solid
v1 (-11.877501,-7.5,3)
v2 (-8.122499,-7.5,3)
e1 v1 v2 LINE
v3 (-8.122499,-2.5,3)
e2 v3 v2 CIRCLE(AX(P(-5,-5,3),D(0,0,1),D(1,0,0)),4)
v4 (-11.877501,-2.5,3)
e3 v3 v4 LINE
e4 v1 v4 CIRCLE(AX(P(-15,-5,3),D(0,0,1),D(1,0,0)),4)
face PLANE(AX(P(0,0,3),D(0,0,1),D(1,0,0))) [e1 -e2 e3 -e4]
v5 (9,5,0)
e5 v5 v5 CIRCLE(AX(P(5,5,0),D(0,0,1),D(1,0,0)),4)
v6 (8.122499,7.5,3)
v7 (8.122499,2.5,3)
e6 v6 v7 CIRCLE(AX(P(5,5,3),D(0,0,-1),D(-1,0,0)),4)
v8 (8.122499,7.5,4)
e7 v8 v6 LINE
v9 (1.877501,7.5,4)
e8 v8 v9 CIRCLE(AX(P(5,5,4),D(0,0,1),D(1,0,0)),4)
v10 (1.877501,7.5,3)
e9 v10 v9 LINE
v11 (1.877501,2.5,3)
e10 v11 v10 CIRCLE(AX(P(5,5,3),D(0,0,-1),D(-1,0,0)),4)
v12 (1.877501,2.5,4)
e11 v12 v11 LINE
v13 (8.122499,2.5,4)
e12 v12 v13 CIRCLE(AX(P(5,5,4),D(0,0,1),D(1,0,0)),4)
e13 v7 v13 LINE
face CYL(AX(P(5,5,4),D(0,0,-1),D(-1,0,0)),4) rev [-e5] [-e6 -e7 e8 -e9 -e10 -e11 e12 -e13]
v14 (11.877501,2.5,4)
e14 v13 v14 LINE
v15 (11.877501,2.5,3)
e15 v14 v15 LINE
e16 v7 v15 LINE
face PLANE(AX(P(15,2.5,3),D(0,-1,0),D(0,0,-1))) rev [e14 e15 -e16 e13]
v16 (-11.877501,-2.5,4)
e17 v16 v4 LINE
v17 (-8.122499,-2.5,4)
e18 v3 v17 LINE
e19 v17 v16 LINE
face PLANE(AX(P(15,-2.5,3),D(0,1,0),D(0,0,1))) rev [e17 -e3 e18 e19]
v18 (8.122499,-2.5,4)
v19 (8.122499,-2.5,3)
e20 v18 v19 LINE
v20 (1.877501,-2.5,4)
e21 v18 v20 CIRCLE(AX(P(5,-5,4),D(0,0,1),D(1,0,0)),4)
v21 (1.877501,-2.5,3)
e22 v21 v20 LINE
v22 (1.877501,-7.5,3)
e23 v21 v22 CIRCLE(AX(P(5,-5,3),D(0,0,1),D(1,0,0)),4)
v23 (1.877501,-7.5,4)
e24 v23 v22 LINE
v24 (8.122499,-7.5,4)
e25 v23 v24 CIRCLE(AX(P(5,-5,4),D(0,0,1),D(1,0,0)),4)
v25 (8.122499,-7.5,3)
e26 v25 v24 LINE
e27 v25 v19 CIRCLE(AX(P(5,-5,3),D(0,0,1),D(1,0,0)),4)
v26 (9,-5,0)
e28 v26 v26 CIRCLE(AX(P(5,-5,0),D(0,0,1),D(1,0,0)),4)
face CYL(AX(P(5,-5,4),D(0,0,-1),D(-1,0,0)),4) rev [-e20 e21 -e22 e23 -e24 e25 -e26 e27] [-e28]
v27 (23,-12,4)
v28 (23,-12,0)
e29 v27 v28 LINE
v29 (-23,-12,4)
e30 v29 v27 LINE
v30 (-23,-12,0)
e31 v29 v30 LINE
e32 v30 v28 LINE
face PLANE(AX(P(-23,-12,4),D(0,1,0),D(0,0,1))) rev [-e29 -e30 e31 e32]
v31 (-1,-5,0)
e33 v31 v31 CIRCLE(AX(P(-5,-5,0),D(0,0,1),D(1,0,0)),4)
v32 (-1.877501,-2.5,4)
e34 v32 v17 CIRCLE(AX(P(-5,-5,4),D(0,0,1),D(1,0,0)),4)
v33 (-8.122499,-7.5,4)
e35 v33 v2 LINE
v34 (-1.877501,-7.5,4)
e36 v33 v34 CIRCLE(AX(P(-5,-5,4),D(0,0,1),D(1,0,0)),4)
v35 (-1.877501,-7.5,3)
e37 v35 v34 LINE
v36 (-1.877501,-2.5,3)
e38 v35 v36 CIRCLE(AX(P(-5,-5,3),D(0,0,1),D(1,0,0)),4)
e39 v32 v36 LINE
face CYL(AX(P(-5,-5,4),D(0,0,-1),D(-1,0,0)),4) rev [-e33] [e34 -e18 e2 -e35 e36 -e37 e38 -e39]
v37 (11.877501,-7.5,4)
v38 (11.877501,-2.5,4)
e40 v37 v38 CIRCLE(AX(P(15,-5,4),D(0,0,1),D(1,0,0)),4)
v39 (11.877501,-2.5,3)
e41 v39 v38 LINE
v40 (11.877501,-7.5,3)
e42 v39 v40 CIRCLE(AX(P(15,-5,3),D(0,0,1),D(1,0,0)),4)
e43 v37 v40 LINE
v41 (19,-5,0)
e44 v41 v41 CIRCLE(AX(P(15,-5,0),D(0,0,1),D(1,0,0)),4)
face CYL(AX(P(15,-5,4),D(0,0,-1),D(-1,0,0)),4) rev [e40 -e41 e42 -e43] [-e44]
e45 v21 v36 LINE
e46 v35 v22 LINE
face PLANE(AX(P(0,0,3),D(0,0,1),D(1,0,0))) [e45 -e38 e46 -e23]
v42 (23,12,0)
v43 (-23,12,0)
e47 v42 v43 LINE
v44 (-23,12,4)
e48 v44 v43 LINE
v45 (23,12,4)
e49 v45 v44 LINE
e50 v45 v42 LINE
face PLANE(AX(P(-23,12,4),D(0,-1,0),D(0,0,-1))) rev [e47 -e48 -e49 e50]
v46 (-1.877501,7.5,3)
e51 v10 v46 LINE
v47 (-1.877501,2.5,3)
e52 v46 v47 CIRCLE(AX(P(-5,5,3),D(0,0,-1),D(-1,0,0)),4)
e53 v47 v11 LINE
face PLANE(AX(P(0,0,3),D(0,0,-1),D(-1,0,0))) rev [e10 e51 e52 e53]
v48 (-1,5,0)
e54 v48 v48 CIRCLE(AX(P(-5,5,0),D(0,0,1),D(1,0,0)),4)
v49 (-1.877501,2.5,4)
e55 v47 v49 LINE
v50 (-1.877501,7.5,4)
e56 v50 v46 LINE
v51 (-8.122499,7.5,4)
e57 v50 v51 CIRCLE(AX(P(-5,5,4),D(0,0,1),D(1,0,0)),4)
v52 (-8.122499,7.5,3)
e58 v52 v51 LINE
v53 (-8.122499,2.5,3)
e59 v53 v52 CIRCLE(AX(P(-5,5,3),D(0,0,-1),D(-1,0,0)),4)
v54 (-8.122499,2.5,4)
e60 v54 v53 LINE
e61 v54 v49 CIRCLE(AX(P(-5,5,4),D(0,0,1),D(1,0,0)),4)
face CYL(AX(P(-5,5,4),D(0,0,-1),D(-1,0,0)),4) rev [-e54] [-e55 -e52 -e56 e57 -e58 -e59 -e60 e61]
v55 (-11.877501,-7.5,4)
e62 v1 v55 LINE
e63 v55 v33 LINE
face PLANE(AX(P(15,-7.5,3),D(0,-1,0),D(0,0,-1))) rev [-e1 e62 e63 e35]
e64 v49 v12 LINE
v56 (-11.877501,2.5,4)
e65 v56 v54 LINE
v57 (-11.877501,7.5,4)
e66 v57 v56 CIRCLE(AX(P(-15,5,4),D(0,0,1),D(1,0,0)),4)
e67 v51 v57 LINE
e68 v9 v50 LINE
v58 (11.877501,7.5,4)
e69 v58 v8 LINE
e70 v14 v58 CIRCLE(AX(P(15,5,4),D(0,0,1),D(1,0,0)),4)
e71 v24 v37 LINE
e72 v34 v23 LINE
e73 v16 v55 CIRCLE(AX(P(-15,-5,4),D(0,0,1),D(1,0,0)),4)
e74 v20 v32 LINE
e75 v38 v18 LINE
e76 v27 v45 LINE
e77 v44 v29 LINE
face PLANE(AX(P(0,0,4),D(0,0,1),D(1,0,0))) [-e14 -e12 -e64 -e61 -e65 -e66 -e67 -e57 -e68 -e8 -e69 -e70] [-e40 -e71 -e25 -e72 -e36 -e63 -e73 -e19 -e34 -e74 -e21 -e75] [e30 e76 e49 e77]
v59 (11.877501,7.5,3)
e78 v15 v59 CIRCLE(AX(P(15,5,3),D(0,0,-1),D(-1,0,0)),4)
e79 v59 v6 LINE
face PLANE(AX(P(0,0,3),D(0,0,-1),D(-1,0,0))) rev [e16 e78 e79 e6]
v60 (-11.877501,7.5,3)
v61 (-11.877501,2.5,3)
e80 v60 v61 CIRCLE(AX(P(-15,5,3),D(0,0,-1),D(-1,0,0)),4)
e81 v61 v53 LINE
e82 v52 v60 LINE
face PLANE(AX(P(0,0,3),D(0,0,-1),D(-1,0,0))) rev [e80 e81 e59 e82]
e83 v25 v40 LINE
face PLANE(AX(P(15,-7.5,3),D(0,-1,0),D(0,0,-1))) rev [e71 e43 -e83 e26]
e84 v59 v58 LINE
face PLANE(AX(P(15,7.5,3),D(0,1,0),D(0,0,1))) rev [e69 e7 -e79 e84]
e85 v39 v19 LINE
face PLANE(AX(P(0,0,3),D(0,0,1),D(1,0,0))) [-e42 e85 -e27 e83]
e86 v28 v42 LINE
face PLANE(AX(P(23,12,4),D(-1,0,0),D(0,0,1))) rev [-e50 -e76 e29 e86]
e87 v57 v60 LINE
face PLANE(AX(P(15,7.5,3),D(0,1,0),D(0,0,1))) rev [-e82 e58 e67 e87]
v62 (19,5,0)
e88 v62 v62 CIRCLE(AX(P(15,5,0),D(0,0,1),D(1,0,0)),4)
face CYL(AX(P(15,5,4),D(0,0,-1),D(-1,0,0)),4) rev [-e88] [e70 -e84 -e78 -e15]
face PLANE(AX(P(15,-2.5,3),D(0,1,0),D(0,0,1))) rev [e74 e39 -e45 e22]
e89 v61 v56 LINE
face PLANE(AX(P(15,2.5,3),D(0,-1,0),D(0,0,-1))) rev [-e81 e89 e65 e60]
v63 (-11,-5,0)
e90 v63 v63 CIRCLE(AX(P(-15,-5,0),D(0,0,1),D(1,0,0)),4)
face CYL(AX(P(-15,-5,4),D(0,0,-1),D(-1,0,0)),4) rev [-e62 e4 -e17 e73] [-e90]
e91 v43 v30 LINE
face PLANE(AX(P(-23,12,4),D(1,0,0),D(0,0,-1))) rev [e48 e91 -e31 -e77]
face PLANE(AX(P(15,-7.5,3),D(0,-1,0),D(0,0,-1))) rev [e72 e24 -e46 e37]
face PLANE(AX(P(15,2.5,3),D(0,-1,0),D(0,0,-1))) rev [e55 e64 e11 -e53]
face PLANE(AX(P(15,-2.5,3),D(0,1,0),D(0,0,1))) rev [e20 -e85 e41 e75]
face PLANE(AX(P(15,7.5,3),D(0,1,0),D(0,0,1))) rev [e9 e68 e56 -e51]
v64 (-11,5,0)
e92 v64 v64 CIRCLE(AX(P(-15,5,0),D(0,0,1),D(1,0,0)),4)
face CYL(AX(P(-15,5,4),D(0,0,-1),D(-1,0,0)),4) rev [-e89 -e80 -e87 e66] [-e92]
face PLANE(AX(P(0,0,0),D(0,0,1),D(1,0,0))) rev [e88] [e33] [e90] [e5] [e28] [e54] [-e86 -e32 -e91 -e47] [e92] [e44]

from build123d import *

# Parameters (mm, degrees)
SKICA1_W                 = 46
SKICA1_H                 = 24
SKICA1_R                 = 4
P_IDAT_VYSUNUT_M1_DEPTH  = 4
SKICA2_W                 = 30
SKICA2_H                 = 5
ODEBRAT_VYSUNUT_M1_DEPTH = 1


with BuildPart() as part:
    # Skica1 → Přidat vysunutím1 (new body)
    with BuildSketch(Plane.XY):
        Rectangle(SKICA1_W, SKICA1_H)
        with Locations((-15, -5)):
            Circle(SKICA1_R, mode=Mode.SUBTRACT)
        with Locations((-5, -5)):
            Circle(SKICA1_R, mode=Mode.SUBTRACT)
        with Locations((5, -5)):
            Circle(SKICA1_R, mode=Mode.SUBTRACT)
        with Locations((15, -5)):
            Circle(SKICA1_R, mode=Mode.SUBTRACT)
        with Locations((-5, 5)):
            Circle(SKICA1_R, mode=Mode.SUBTRACT)
        with Locations((5, 5)):
            Circle(SKICA1_R, mode=Mode.SUBTRACT)
        with Locations((15, 5)):
            Circle(SKICA1_R, mode=Mode.SUBTRACT)
        with Locations((-15, 5)):
            Circle(SKICA1_R, mode=Mode.SUBTRACT)
    extrude(amount=P_IDAT_VYSUNUT_M1_DEPTH)

    # Skica2 → Odebrat vysunutím1 (cut)
    with BuildSketch(Plane.XY.offset(4)):
        with Locations((0, 5)):
            Rectangle(SKICA2_W, SKICA2_H)
        with Locations((0, -5)):
            Rectangle(SKICA2_W, SKICA2_H)
    extrude(amount=-ODEBRAT_VYSUNUT_M1_DEPTH, mode=Mode.SUBTRACT)


solid = part.part
